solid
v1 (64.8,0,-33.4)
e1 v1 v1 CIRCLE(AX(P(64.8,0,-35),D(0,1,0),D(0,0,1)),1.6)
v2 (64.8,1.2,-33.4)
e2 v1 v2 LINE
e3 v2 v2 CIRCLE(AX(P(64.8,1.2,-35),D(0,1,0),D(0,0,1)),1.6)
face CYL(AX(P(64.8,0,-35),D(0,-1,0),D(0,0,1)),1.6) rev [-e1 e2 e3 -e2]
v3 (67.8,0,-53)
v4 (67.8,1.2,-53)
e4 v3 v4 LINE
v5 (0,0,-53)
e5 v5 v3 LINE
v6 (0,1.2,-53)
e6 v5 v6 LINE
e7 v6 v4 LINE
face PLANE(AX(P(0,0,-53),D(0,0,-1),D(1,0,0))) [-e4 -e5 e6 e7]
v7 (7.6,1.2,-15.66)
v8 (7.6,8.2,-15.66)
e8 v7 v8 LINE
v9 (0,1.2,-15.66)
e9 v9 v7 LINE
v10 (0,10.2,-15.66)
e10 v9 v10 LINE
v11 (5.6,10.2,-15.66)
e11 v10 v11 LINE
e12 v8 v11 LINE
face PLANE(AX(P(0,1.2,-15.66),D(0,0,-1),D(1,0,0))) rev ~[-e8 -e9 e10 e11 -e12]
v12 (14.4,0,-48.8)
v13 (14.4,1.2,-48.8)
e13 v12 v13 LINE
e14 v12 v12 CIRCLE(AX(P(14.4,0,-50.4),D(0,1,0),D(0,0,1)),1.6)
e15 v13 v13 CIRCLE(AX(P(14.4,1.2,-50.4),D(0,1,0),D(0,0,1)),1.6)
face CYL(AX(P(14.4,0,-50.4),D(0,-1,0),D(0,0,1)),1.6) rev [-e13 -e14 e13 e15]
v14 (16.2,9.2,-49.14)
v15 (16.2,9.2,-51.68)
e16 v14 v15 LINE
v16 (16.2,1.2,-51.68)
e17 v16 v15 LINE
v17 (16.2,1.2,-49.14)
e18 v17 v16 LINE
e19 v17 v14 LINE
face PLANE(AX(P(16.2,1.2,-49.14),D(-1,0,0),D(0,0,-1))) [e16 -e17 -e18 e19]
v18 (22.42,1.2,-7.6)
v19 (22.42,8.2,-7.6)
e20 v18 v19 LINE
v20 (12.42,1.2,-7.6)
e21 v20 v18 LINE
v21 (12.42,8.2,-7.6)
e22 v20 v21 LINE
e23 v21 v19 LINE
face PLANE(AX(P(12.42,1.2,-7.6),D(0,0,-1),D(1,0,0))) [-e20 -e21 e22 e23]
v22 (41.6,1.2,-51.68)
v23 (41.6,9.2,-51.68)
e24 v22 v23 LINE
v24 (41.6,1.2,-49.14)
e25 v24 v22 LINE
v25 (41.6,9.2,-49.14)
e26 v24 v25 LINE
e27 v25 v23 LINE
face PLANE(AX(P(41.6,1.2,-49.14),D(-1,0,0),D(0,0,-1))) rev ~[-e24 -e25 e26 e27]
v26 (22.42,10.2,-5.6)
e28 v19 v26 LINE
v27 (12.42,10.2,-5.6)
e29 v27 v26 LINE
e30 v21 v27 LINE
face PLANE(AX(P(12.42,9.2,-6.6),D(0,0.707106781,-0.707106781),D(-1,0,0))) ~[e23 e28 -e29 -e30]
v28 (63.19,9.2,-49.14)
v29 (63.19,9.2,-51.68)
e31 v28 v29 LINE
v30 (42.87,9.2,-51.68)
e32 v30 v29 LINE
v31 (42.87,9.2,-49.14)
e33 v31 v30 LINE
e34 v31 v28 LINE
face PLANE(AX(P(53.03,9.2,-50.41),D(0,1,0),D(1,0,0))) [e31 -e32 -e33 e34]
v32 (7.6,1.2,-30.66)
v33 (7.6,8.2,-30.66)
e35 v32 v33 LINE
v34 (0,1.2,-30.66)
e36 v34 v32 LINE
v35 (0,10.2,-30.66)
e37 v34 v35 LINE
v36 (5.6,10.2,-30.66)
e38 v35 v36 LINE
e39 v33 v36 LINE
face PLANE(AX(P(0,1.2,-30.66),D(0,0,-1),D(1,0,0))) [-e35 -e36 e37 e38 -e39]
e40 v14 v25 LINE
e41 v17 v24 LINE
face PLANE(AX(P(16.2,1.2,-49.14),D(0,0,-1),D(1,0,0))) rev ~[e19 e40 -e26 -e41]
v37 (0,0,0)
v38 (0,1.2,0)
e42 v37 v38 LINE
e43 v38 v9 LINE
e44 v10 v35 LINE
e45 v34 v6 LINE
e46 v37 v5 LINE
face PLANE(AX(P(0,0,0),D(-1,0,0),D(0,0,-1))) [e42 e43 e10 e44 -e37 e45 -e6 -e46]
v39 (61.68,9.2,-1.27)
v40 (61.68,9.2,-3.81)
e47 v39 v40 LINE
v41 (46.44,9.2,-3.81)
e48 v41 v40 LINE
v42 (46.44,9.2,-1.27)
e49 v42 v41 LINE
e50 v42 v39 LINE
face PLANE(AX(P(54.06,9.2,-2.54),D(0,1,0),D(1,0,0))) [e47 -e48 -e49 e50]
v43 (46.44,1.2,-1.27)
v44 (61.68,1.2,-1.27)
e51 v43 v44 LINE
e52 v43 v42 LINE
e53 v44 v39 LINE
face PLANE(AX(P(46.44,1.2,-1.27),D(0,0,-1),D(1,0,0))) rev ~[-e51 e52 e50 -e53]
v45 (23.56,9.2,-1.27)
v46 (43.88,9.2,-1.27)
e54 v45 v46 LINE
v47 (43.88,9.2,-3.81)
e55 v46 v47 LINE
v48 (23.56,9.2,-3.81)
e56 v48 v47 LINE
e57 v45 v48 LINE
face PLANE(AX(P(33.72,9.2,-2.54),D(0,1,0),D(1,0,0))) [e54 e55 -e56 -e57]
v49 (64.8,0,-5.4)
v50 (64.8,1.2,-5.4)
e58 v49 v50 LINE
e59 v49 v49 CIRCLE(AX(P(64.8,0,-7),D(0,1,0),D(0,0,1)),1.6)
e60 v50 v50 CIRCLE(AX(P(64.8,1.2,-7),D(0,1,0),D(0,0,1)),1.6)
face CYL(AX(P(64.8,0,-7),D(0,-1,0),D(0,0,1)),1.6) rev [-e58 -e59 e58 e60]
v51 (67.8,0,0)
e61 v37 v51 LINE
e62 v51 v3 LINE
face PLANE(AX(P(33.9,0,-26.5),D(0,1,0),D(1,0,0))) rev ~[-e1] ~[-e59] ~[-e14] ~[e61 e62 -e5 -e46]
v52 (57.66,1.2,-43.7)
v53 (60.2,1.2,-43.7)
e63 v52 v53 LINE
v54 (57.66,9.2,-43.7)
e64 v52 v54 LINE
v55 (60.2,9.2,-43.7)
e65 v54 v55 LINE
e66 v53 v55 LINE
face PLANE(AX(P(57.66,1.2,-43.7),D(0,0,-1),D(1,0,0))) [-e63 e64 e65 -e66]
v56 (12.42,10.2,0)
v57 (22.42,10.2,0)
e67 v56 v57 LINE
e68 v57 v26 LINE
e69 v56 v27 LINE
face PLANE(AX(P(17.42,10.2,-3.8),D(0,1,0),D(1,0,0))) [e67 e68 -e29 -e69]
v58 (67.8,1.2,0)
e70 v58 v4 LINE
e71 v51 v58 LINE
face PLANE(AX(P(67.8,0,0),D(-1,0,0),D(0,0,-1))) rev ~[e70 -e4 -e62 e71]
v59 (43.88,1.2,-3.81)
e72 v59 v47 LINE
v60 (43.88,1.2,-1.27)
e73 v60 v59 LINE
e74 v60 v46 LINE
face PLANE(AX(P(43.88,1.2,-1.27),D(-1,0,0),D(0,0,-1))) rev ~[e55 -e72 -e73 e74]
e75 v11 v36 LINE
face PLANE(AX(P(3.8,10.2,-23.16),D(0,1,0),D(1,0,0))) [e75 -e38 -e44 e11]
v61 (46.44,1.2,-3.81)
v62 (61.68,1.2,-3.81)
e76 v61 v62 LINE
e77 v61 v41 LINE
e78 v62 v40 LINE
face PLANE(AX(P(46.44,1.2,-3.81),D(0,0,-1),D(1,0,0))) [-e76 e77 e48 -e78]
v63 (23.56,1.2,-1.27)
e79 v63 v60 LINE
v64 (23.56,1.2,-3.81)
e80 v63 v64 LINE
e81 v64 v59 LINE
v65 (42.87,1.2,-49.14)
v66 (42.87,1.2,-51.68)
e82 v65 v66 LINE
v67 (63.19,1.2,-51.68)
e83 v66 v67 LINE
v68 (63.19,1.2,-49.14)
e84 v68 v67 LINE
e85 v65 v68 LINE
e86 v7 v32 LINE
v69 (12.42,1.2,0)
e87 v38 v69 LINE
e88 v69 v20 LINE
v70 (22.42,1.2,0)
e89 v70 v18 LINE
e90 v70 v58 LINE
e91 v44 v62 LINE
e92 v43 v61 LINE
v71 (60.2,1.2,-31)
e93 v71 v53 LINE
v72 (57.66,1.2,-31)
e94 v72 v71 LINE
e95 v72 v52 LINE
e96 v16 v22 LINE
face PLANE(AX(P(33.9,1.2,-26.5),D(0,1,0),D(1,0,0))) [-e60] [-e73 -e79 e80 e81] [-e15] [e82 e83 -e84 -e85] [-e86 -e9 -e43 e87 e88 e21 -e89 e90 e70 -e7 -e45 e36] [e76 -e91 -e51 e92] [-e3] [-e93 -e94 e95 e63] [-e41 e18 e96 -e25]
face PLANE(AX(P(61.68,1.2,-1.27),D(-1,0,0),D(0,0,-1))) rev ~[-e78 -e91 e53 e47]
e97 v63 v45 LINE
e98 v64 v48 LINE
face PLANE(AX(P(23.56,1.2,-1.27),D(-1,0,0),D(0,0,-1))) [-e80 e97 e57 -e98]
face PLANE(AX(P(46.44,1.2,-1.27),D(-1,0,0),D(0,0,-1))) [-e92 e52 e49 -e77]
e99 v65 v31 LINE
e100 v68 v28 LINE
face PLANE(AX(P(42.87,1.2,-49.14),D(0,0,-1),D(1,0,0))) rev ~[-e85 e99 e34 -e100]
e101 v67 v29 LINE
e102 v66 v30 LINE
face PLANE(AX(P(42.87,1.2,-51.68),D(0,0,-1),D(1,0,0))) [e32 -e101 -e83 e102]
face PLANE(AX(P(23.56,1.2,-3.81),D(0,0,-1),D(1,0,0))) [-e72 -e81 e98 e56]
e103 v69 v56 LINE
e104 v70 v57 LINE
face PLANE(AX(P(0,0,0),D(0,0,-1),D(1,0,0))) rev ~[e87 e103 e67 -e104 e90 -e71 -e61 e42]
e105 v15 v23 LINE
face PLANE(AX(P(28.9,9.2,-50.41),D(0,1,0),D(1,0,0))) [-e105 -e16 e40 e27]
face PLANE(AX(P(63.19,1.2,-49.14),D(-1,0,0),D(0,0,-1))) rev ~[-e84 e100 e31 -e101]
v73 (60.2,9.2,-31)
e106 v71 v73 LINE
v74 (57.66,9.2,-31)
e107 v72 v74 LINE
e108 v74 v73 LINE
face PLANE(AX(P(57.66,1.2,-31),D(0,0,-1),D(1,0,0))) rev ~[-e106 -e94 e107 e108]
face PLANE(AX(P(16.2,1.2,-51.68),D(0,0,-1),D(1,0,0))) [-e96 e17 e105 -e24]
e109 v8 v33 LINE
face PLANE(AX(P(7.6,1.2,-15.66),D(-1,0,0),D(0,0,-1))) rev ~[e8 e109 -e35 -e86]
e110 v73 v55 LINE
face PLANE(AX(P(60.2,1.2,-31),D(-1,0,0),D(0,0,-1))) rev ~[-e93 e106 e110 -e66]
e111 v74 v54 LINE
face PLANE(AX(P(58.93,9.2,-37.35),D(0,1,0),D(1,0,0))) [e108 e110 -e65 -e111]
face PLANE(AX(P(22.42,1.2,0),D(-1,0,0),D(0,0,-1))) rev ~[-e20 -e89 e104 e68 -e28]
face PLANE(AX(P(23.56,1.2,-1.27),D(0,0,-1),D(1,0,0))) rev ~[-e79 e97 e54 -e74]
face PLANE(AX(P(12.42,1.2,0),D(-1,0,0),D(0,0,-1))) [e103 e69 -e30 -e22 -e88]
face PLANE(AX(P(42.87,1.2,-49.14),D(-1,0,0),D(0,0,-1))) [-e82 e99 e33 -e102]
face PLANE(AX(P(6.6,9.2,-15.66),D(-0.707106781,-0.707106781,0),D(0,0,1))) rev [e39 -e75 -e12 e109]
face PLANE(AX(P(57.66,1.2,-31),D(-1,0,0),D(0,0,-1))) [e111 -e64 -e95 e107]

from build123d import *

# Parameters (mm, degrees)
SKETCH_1_W      = 67.8
SKETCH_1_H      = 53
SKETCH_1_R      = 1.6
EXTRUDE_1_DEPTH = 1.2
SKETCH_2_W      = 25.4
SKETCH_2_H      = 2.54
SKETCH_2_W_2    = 20.32
SKETCH_2_W_3    = 15.24
SKETCH_2_W_4    = 2.54
SKETCH_2_H_2    = 12.7
EXTRUDE_2_DEPTH = 8
SKETCH_3_W      = 7.6
SKETCH_3_H      = 15
SKETCH_3_W_2    = 10
SKETCH_3_H_2    = 7.6
EXTRUDE_3_DEPTH = 9
CHAMFER_1_SIZE  = 2


with BuildPart() as part:
    # 草图1 → 凸台-拉伸1 (new body)
    with BuildSketch(Plane(origin=(0, 0, 0), x_dir=(1, 0, 0), z_dir=(0, 1, 0))):
        with Locations((33.9, 26.5)):
            Rectangle(SKETCH_1_W, SKETCH_1_H)
        with Locations(Location((64.8, 35, 0), (0, 0, 270))):
            Circle(SKETCH_1_R, mode=Mode.SUBTRACT)
        with Locations(Location((64.8, 7, 0), (0, 0, 270))):
            Circle(SKETCH_1_R, mode=Mode.SUBTRACT)
        with Locations(Location((14.4, 50.4, 0), (0, 0, 270))):
            Circle(SKETCH_1_R, mode=Mode.SUBTRACT)
    extrude(amount=EXTRUDE_1_DEPTH)

    # 草图2 → 凸台-拉伸2 (add)
    with BuildSketch(Plane(origin=(0, 1.2, 0), x_dir=(1, 0, 0), z_dir=(0, 1, 0))):
        with Locations((28.9, 50.41)):
            Rectangle(SKETCH_2_W, SKETCH_2_H)
        with Locations((53.03, 50.41)):
            Rectangle(SKETCH_2_W_2, SKETCH_2_H)
        with Locations((33.72, 2.54)):
            Rectangle(SKETCH_2_W_2, SKETCH_2_H)
        with Locations((54.06, 2.54)):
            Rectangle(SKETCH_2_W_3, SKETCH_2_H)
        with Locations((58.93, 37.35)):
            Rectangle(SKETCH_2_W_4, SKETCH_2_H_2)
    extrude(amount=EXTRUDE_2_DEPTH)

    # 草图3 → 凸台-拉伸3 (add)
    with BuildSketch(Plane(origin=(0, 1.2, 0), x_dir=(1, 0, 0), z_dir=(0, 1, 0))):
        with Locations((3.8, 23.16)):
            Rectangle(SKETCH_3_W, SKETCH_3_H)
        with Locations((17.42, 3.8)):
            Rectangle(SKETCH_3_W_2, SKETCH_3_H_2)
    extrude(amount=EXTRUDE_3_DEPTH)

    # 倒角1
    chamfer_1_edges = [part.edges().sort_by_distance(p)[0] for p in [
        (17.42, 10.2, -7.6),
        (7.6, 10.2, -23.16),
    ]]
    chamfer(chamfer_1_edges, length=CHAMFER_1_SIZE)


solid = part.part
